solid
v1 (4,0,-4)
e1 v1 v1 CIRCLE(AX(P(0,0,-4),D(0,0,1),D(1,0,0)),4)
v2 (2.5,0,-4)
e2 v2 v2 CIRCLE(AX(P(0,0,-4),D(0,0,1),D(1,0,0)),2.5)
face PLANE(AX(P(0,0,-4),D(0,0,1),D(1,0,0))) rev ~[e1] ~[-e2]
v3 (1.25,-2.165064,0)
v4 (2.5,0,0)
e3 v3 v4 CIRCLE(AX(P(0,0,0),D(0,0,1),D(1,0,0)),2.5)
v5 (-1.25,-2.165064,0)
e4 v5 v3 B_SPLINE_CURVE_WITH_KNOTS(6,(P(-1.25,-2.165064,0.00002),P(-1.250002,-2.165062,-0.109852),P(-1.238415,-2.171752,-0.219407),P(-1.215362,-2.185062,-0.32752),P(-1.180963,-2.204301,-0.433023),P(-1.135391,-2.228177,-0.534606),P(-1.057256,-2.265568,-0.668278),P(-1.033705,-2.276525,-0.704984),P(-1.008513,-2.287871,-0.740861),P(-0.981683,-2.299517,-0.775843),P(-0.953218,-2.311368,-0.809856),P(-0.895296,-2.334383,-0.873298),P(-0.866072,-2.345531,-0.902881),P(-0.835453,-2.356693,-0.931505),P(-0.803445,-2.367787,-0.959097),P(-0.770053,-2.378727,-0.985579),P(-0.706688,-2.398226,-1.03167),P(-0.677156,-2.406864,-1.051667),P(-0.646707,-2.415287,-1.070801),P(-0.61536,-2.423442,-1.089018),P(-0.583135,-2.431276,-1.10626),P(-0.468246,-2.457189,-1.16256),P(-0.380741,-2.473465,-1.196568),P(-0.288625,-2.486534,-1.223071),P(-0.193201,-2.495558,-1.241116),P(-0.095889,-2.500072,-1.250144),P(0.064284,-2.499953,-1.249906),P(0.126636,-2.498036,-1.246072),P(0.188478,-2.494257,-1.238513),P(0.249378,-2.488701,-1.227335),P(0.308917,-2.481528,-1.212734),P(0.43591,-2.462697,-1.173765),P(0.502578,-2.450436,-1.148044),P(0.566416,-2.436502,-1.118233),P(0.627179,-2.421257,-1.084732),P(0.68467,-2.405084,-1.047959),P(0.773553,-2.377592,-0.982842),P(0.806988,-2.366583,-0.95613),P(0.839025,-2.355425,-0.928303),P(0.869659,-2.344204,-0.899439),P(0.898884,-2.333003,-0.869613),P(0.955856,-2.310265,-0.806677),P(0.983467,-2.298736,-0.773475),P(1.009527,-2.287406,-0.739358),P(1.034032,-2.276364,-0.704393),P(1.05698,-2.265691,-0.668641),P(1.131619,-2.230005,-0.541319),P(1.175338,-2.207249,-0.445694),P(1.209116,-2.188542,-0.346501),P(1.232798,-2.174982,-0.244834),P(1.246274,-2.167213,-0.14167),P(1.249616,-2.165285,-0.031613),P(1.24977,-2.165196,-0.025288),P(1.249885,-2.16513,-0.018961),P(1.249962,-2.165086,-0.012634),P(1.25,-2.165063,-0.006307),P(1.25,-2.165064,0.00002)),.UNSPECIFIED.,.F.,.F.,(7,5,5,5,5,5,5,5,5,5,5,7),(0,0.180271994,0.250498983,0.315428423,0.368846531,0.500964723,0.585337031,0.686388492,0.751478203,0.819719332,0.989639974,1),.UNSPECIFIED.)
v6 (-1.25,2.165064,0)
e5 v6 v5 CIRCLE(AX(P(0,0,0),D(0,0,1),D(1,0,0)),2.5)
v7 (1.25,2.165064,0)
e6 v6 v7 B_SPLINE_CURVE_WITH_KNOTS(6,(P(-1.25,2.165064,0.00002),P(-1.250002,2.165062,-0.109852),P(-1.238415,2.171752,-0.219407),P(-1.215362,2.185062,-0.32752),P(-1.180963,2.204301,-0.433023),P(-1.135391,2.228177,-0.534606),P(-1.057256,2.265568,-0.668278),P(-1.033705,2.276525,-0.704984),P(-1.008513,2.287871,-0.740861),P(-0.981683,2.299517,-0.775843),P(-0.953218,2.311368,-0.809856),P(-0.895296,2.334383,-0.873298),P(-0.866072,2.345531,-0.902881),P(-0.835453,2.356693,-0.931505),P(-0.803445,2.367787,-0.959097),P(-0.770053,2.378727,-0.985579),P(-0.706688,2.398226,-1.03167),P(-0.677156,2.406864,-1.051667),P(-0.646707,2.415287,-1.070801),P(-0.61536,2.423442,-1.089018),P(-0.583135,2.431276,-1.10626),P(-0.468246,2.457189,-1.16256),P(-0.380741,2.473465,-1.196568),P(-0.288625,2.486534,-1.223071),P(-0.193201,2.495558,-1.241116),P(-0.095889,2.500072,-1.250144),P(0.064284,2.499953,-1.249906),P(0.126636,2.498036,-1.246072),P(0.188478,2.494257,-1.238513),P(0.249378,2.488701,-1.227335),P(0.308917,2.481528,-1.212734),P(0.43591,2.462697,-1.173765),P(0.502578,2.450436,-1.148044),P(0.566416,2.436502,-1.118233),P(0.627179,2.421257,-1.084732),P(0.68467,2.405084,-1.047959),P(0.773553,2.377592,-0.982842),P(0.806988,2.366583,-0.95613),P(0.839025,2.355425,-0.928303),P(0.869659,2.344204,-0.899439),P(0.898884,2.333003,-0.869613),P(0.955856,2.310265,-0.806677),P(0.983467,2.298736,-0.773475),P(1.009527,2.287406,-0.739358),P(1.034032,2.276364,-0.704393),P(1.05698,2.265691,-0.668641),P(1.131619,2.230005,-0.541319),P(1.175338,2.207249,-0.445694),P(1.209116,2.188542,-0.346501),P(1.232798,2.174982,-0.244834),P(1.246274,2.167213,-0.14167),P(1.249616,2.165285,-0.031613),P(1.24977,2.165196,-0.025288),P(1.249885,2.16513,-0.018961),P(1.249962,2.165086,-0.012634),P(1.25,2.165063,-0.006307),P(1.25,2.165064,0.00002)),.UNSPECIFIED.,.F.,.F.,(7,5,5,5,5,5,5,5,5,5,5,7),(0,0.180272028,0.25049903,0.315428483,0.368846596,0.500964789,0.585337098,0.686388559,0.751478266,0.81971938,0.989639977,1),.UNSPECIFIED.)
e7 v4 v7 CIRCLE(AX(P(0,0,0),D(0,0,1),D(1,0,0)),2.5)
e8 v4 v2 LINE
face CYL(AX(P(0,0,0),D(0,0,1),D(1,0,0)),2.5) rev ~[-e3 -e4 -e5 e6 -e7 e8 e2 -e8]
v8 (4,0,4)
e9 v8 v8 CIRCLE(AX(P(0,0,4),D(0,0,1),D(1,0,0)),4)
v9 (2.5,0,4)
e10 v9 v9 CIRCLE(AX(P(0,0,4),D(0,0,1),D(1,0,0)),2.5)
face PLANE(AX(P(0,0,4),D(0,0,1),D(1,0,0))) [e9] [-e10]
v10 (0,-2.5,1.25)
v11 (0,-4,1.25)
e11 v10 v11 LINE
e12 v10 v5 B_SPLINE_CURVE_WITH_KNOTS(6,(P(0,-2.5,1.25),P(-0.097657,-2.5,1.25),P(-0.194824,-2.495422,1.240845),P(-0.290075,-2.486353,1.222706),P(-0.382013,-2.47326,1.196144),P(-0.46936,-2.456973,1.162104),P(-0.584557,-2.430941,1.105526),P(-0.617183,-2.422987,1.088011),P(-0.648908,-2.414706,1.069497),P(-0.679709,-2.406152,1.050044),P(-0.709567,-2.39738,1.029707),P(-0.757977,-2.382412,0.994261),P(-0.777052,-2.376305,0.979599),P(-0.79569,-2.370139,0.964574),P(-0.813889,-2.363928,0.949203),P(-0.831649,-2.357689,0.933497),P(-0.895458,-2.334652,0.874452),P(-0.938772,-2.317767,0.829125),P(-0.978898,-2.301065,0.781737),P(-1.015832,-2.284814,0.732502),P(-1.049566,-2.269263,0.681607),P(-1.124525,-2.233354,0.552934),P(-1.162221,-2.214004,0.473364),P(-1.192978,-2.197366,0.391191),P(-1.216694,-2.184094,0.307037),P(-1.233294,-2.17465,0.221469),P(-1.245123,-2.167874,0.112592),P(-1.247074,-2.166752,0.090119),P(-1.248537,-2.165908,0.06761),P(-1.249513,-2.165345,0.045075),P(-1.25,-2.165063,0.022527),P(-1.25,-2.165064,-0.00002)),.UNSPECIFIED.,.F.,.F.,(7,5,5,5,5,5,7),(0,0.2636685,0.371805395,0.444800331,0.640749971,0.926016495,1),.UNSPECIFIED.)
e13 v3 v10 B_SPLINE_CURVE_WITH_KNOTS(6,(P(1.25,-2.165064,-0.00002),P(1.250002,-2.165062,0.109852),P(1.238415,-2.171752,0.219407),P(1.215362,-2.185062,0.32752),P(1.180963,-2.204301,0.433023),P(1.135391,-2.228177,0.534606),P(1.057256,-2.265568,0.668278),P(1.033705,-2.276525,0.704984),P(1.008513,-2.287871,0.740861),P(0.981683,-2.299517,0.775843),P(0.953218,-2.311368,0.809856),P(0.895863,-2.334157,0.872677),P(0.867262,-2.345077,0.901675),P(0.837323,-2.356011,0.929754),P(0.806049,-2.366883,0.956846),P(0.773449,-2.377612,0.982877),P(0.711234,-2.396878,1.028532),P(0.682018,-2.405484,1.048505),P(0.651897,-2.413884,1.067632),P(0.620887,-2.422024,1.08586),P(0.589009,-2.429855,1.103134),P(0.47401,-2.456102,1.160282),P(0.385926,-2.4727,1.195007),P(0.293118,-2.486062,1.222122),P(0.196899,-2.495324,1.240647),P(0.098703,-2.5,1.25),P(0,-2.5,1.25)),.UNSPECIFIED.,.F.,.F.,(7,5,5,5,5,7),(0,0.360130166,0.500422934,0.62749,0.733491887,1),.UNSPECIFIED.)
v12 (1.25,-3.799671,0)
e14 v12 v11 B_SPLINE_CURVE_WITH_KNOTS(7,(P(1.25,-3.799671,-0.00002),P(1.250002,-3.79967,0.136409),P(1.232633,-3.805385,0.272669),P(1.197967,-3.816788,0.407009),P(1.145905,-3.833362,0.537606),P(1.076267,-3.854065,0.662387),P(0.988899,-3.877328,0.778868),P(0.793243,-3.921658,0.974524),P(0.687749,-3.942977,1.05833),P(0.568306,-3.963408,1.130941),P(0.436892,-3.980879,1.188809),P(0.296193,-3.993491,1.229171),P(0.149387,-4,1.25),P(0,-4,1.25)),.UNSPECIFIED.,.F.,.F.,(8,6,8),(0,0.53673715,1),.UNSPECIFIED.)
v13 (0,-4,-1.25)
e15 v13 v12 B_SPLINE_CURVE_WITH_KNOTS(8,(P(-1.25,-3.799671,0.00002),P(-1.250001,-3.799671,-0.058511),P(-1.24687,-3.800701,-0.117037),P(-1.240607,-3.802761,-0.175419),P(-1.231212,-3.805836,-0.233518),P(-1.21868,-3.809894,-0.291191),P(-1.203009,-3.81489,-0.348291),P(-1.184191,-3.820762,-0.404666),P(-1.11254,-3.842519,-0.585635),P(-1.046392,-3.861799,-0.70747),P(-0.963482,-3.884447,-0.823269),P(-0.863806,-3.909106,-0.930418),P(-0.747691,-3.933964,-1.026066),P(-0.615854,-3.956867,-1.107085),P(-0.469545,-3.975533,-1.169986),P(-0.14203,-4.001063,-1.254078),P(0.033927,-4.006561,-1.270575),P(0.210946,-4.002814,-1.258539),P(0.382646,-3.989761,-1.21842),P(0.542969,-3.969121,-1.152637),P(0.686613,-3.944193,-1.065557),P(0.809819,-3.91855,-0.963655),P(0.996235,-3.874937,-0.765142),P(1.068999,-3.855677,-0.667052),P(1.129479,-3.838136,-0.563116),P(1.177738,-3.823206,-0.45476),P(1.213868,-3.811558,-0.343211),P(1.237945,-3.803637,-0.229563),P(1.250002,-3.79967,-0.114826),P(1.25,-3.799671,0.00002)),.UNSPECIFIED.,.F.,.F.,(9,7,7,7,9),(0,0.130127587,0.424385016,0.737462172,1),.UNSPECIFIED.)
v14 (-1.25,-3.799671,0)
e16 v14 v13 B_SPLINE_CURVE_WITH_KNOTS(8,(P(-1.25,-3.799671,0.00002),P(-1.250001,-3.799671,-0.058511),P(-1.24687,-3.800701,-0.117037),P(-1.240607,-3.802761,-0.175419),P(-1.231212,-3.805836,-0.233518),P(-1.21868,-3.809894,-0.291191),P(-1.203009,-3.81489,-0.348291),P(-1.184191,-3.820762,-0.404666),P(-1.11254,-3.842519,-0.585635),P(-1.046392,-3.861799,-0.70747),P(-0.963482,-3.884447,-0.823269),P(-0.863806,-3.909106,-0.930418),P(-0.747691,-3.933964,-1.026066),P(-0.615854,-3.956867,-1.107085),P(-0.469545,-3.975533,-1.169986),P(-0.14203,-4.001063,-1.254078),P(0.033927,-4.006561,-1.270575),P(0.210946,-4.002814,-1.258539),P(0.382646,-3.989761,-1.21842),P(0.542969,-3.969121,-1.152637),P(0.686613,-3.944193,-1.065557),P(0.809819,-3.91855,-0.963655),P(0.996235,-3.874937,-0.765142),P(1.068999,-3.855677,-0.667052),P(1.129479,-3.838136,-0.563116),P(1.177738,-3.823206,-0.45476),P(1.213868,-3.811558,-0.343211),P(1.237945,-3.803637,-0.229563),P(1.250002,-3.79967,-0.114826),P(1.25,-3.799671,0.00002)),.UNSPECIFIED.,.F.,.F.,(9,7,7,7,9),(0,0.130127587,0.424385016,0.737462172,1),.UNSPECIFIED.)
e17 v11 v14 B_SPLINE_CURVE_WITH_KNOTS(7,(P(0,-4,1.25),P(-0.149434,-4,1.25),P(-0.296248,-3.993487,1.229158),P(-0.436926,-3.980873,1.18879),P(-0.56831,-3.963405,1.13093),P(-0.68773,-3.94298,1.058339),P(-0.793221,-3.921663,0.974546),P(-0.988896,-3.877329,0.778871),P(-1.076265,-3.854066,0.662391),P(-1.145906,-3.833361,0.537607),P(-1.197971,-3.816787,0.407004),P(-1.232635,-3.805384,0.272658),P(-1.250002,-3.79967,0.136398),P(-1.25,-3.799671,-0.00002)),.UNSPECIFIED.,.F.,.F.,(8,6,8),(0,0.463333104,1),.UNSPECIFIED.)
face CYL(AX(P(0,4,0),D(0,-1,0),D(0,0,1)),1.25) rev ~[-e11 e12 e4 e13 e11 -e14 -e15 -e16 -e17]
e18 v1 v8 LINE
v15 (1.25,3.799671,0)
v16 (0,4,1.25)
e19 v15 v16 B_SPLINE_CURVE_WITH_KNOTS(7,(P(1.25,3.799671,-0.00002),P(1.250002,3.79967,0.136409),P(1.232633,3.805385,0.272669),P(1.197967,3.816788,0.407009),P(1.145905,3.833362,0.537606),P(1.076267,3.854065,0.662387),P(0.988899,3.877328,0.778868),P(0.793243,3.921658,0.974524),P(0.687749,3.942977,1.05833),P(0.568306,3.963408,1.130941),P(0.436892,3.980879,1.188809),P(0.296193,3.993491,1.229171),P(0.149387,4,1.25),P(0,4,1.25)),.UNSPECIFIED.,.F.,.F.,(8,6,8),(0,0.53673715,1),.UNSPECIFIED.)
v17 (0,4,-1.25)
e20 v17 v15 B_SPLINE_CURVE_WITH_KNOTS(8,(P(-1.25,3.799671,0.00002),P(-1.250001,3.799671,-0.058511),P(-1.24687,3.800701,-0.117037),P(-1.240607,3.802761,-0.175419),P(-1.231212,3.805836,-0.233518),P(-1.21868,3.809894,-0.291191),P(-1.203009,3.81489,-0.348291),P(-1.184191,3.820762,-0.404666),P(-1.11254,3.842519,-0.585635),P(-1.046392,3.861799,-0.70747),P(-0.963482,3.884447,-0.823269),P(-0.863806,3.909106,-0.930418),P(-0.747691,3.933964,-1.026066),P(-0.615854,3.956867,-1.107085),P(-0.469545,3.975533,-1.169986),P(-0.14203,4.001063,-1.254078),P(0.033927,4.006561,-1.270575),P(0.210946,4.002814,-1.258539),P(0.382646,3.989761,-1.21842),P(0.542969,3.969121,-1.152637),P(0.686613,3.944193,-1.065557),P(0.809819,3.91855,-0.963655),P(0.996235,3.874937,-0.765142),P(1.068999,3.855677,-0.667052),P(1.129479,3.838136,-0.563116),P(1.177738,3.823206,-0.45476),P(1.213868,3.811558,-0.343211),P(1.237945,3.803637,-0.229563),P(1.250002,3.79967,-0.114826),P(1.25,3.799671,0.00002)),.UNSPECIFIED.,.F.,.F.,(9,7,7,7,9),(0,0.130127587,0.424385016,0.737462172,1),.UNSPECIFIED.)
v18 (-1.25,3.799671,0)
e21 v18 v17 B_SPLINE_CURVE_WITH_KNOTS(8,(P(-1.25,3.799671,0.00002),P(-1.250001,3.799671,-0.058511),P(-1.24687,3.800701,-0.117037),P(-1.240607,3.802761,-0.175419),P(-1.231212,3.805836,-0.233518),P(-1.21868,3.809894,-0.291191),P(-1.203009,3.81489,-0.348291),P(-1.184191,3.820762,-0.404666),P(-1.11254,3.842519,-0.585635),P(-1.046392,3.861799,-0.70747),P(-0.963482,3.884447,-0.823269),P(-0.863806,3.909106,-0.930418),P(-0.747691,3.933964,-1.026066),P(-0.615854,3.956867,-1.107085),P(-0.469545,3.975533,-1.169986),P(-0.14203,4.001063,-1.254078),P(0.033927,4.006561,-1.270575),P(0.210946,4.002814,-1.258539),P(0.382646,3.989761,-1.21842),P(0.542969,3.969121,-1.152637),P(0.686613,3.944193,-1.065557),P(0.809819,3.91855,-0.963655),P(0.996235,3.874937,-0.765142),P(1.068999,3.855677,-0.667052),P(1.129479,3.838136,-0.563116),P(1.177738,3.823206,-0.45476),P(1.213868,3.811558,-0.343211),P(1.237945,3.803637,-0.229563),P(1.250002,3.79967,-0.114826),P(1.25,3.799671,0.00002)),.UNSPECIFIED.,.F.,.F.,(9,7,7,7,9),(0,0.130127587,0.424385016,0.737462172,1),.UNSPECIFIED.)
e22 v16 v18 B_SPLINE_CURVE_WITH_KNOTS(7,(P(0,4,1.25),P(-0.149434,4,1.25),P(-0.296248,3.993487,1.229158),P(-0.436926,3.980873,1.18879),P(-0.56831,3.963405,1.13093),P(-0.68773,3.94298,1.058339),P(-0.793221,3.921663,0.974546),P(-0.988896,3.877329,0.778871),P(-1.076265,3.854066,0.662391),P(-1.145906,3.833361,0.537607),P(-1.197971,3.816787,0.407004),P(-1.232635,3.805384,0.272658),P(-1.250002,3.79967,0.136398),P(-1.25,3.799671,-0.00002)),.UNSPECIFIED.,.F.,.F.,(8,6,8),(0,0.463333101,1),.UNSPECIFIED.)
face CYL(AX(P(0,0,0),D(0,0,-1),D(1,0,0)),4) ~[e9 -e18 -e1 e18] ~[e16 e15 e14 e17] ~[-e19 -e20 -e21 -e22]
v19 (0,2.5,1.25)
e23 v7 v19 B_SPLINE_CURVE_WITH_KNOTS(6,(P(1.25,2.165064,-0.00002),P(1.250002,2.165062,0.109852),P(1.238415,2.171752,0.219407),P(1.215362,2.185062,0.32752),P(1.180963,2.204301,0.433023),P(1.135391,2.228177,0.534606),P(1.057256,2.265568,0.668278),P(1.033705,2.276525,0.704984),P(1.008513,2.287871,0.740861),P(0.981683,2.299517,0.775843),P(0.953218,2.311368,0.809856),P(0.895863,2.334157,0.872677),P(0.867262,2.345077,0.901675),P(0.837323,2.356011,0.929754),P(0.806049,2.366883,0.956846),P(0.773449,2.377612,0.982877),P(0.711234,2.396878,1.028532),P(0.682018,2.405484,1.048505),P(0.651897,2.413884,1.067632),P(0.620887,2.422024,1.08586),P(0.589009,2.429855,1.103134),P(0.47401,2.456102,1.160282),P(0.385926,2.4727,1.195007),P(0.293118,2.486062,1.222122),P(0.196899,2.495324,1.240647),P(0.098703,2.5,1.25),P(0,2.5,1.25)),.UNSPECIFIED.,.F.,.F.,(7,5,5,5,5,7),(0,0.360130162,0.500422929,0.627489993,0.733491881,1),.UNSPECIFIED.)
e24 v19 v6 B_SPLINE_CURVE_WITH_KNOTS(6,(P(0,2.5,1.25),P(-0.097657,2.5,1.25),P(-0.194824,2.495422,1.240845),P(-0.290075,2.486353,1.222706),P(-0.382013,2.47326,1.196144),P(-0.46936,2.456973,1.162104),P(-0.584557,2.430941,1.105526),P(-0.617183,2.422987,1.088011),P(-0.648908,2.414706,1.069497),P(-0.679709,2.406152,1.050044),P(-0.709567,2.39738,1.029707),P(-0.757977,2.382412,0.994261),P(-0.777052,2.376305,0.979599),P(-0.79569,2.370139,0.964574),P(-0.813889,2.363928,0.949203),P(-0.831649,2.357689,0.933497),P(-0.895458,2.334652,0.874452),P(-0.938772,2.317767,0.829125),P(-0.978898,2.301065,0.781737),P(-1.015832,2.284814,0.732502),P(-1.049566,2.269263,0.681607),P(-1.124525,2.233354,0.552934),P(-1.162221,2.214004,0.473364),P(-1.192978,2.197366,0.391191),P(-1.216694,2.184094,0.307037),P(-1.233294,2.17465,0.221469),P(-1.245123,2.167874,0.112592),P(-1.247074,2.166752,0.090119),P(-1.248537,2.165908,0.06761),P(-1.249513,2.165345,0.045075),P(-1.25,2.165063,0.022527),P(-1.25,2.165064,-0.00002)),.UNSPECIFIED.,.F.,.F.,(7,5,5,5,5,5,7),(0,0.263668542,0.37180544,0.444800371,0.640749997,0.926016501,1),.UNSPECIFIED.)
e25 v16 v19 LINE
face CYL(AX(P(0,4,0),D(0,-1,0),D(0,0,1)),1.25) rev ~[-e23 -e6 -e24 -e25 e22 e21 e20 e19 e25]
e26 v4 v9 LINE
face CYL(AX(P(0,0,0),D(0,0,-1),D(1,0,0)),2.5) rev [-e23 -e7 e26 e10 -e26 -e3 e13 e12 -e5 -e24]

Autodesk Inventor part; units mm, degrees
ref_plane "YZ Plane" through (0, 0, 0) normal (1, 0, 0) x (0, 1, 0)
ref_plane "XY Plane" through (0, 0, 0) normal (0, 0, 1) x (1, 0, 0)
sketch "Sketch1" plane through (0, 0, 0) normal (0, 0, 1) x (1, 0, 0)
  circle A0 centre (0, 0) radius 4
  circle A1 centre (0, 0) radius 2.5
  dimension "d0" = 8
  dimension "d1" = 5
extrude "Extrusion1" add sketch "Sketch1" along normal mid plane 8
ref_plane "Work Plane1" through (0, 4, 0) normal (0, 1, 0) x (-1, 0, 0)
sketch "Sketch2" plane through (0, 4, 0) normal (0, 1, 0) x (-1, 0, 0)
  point P0 (0, 0)
  point P1 (0, 0)
hole "Hole1" at (0, 4, 0) direction (0, -1, 0) diameter 2.5 depth 8
properties part number "10.1"
